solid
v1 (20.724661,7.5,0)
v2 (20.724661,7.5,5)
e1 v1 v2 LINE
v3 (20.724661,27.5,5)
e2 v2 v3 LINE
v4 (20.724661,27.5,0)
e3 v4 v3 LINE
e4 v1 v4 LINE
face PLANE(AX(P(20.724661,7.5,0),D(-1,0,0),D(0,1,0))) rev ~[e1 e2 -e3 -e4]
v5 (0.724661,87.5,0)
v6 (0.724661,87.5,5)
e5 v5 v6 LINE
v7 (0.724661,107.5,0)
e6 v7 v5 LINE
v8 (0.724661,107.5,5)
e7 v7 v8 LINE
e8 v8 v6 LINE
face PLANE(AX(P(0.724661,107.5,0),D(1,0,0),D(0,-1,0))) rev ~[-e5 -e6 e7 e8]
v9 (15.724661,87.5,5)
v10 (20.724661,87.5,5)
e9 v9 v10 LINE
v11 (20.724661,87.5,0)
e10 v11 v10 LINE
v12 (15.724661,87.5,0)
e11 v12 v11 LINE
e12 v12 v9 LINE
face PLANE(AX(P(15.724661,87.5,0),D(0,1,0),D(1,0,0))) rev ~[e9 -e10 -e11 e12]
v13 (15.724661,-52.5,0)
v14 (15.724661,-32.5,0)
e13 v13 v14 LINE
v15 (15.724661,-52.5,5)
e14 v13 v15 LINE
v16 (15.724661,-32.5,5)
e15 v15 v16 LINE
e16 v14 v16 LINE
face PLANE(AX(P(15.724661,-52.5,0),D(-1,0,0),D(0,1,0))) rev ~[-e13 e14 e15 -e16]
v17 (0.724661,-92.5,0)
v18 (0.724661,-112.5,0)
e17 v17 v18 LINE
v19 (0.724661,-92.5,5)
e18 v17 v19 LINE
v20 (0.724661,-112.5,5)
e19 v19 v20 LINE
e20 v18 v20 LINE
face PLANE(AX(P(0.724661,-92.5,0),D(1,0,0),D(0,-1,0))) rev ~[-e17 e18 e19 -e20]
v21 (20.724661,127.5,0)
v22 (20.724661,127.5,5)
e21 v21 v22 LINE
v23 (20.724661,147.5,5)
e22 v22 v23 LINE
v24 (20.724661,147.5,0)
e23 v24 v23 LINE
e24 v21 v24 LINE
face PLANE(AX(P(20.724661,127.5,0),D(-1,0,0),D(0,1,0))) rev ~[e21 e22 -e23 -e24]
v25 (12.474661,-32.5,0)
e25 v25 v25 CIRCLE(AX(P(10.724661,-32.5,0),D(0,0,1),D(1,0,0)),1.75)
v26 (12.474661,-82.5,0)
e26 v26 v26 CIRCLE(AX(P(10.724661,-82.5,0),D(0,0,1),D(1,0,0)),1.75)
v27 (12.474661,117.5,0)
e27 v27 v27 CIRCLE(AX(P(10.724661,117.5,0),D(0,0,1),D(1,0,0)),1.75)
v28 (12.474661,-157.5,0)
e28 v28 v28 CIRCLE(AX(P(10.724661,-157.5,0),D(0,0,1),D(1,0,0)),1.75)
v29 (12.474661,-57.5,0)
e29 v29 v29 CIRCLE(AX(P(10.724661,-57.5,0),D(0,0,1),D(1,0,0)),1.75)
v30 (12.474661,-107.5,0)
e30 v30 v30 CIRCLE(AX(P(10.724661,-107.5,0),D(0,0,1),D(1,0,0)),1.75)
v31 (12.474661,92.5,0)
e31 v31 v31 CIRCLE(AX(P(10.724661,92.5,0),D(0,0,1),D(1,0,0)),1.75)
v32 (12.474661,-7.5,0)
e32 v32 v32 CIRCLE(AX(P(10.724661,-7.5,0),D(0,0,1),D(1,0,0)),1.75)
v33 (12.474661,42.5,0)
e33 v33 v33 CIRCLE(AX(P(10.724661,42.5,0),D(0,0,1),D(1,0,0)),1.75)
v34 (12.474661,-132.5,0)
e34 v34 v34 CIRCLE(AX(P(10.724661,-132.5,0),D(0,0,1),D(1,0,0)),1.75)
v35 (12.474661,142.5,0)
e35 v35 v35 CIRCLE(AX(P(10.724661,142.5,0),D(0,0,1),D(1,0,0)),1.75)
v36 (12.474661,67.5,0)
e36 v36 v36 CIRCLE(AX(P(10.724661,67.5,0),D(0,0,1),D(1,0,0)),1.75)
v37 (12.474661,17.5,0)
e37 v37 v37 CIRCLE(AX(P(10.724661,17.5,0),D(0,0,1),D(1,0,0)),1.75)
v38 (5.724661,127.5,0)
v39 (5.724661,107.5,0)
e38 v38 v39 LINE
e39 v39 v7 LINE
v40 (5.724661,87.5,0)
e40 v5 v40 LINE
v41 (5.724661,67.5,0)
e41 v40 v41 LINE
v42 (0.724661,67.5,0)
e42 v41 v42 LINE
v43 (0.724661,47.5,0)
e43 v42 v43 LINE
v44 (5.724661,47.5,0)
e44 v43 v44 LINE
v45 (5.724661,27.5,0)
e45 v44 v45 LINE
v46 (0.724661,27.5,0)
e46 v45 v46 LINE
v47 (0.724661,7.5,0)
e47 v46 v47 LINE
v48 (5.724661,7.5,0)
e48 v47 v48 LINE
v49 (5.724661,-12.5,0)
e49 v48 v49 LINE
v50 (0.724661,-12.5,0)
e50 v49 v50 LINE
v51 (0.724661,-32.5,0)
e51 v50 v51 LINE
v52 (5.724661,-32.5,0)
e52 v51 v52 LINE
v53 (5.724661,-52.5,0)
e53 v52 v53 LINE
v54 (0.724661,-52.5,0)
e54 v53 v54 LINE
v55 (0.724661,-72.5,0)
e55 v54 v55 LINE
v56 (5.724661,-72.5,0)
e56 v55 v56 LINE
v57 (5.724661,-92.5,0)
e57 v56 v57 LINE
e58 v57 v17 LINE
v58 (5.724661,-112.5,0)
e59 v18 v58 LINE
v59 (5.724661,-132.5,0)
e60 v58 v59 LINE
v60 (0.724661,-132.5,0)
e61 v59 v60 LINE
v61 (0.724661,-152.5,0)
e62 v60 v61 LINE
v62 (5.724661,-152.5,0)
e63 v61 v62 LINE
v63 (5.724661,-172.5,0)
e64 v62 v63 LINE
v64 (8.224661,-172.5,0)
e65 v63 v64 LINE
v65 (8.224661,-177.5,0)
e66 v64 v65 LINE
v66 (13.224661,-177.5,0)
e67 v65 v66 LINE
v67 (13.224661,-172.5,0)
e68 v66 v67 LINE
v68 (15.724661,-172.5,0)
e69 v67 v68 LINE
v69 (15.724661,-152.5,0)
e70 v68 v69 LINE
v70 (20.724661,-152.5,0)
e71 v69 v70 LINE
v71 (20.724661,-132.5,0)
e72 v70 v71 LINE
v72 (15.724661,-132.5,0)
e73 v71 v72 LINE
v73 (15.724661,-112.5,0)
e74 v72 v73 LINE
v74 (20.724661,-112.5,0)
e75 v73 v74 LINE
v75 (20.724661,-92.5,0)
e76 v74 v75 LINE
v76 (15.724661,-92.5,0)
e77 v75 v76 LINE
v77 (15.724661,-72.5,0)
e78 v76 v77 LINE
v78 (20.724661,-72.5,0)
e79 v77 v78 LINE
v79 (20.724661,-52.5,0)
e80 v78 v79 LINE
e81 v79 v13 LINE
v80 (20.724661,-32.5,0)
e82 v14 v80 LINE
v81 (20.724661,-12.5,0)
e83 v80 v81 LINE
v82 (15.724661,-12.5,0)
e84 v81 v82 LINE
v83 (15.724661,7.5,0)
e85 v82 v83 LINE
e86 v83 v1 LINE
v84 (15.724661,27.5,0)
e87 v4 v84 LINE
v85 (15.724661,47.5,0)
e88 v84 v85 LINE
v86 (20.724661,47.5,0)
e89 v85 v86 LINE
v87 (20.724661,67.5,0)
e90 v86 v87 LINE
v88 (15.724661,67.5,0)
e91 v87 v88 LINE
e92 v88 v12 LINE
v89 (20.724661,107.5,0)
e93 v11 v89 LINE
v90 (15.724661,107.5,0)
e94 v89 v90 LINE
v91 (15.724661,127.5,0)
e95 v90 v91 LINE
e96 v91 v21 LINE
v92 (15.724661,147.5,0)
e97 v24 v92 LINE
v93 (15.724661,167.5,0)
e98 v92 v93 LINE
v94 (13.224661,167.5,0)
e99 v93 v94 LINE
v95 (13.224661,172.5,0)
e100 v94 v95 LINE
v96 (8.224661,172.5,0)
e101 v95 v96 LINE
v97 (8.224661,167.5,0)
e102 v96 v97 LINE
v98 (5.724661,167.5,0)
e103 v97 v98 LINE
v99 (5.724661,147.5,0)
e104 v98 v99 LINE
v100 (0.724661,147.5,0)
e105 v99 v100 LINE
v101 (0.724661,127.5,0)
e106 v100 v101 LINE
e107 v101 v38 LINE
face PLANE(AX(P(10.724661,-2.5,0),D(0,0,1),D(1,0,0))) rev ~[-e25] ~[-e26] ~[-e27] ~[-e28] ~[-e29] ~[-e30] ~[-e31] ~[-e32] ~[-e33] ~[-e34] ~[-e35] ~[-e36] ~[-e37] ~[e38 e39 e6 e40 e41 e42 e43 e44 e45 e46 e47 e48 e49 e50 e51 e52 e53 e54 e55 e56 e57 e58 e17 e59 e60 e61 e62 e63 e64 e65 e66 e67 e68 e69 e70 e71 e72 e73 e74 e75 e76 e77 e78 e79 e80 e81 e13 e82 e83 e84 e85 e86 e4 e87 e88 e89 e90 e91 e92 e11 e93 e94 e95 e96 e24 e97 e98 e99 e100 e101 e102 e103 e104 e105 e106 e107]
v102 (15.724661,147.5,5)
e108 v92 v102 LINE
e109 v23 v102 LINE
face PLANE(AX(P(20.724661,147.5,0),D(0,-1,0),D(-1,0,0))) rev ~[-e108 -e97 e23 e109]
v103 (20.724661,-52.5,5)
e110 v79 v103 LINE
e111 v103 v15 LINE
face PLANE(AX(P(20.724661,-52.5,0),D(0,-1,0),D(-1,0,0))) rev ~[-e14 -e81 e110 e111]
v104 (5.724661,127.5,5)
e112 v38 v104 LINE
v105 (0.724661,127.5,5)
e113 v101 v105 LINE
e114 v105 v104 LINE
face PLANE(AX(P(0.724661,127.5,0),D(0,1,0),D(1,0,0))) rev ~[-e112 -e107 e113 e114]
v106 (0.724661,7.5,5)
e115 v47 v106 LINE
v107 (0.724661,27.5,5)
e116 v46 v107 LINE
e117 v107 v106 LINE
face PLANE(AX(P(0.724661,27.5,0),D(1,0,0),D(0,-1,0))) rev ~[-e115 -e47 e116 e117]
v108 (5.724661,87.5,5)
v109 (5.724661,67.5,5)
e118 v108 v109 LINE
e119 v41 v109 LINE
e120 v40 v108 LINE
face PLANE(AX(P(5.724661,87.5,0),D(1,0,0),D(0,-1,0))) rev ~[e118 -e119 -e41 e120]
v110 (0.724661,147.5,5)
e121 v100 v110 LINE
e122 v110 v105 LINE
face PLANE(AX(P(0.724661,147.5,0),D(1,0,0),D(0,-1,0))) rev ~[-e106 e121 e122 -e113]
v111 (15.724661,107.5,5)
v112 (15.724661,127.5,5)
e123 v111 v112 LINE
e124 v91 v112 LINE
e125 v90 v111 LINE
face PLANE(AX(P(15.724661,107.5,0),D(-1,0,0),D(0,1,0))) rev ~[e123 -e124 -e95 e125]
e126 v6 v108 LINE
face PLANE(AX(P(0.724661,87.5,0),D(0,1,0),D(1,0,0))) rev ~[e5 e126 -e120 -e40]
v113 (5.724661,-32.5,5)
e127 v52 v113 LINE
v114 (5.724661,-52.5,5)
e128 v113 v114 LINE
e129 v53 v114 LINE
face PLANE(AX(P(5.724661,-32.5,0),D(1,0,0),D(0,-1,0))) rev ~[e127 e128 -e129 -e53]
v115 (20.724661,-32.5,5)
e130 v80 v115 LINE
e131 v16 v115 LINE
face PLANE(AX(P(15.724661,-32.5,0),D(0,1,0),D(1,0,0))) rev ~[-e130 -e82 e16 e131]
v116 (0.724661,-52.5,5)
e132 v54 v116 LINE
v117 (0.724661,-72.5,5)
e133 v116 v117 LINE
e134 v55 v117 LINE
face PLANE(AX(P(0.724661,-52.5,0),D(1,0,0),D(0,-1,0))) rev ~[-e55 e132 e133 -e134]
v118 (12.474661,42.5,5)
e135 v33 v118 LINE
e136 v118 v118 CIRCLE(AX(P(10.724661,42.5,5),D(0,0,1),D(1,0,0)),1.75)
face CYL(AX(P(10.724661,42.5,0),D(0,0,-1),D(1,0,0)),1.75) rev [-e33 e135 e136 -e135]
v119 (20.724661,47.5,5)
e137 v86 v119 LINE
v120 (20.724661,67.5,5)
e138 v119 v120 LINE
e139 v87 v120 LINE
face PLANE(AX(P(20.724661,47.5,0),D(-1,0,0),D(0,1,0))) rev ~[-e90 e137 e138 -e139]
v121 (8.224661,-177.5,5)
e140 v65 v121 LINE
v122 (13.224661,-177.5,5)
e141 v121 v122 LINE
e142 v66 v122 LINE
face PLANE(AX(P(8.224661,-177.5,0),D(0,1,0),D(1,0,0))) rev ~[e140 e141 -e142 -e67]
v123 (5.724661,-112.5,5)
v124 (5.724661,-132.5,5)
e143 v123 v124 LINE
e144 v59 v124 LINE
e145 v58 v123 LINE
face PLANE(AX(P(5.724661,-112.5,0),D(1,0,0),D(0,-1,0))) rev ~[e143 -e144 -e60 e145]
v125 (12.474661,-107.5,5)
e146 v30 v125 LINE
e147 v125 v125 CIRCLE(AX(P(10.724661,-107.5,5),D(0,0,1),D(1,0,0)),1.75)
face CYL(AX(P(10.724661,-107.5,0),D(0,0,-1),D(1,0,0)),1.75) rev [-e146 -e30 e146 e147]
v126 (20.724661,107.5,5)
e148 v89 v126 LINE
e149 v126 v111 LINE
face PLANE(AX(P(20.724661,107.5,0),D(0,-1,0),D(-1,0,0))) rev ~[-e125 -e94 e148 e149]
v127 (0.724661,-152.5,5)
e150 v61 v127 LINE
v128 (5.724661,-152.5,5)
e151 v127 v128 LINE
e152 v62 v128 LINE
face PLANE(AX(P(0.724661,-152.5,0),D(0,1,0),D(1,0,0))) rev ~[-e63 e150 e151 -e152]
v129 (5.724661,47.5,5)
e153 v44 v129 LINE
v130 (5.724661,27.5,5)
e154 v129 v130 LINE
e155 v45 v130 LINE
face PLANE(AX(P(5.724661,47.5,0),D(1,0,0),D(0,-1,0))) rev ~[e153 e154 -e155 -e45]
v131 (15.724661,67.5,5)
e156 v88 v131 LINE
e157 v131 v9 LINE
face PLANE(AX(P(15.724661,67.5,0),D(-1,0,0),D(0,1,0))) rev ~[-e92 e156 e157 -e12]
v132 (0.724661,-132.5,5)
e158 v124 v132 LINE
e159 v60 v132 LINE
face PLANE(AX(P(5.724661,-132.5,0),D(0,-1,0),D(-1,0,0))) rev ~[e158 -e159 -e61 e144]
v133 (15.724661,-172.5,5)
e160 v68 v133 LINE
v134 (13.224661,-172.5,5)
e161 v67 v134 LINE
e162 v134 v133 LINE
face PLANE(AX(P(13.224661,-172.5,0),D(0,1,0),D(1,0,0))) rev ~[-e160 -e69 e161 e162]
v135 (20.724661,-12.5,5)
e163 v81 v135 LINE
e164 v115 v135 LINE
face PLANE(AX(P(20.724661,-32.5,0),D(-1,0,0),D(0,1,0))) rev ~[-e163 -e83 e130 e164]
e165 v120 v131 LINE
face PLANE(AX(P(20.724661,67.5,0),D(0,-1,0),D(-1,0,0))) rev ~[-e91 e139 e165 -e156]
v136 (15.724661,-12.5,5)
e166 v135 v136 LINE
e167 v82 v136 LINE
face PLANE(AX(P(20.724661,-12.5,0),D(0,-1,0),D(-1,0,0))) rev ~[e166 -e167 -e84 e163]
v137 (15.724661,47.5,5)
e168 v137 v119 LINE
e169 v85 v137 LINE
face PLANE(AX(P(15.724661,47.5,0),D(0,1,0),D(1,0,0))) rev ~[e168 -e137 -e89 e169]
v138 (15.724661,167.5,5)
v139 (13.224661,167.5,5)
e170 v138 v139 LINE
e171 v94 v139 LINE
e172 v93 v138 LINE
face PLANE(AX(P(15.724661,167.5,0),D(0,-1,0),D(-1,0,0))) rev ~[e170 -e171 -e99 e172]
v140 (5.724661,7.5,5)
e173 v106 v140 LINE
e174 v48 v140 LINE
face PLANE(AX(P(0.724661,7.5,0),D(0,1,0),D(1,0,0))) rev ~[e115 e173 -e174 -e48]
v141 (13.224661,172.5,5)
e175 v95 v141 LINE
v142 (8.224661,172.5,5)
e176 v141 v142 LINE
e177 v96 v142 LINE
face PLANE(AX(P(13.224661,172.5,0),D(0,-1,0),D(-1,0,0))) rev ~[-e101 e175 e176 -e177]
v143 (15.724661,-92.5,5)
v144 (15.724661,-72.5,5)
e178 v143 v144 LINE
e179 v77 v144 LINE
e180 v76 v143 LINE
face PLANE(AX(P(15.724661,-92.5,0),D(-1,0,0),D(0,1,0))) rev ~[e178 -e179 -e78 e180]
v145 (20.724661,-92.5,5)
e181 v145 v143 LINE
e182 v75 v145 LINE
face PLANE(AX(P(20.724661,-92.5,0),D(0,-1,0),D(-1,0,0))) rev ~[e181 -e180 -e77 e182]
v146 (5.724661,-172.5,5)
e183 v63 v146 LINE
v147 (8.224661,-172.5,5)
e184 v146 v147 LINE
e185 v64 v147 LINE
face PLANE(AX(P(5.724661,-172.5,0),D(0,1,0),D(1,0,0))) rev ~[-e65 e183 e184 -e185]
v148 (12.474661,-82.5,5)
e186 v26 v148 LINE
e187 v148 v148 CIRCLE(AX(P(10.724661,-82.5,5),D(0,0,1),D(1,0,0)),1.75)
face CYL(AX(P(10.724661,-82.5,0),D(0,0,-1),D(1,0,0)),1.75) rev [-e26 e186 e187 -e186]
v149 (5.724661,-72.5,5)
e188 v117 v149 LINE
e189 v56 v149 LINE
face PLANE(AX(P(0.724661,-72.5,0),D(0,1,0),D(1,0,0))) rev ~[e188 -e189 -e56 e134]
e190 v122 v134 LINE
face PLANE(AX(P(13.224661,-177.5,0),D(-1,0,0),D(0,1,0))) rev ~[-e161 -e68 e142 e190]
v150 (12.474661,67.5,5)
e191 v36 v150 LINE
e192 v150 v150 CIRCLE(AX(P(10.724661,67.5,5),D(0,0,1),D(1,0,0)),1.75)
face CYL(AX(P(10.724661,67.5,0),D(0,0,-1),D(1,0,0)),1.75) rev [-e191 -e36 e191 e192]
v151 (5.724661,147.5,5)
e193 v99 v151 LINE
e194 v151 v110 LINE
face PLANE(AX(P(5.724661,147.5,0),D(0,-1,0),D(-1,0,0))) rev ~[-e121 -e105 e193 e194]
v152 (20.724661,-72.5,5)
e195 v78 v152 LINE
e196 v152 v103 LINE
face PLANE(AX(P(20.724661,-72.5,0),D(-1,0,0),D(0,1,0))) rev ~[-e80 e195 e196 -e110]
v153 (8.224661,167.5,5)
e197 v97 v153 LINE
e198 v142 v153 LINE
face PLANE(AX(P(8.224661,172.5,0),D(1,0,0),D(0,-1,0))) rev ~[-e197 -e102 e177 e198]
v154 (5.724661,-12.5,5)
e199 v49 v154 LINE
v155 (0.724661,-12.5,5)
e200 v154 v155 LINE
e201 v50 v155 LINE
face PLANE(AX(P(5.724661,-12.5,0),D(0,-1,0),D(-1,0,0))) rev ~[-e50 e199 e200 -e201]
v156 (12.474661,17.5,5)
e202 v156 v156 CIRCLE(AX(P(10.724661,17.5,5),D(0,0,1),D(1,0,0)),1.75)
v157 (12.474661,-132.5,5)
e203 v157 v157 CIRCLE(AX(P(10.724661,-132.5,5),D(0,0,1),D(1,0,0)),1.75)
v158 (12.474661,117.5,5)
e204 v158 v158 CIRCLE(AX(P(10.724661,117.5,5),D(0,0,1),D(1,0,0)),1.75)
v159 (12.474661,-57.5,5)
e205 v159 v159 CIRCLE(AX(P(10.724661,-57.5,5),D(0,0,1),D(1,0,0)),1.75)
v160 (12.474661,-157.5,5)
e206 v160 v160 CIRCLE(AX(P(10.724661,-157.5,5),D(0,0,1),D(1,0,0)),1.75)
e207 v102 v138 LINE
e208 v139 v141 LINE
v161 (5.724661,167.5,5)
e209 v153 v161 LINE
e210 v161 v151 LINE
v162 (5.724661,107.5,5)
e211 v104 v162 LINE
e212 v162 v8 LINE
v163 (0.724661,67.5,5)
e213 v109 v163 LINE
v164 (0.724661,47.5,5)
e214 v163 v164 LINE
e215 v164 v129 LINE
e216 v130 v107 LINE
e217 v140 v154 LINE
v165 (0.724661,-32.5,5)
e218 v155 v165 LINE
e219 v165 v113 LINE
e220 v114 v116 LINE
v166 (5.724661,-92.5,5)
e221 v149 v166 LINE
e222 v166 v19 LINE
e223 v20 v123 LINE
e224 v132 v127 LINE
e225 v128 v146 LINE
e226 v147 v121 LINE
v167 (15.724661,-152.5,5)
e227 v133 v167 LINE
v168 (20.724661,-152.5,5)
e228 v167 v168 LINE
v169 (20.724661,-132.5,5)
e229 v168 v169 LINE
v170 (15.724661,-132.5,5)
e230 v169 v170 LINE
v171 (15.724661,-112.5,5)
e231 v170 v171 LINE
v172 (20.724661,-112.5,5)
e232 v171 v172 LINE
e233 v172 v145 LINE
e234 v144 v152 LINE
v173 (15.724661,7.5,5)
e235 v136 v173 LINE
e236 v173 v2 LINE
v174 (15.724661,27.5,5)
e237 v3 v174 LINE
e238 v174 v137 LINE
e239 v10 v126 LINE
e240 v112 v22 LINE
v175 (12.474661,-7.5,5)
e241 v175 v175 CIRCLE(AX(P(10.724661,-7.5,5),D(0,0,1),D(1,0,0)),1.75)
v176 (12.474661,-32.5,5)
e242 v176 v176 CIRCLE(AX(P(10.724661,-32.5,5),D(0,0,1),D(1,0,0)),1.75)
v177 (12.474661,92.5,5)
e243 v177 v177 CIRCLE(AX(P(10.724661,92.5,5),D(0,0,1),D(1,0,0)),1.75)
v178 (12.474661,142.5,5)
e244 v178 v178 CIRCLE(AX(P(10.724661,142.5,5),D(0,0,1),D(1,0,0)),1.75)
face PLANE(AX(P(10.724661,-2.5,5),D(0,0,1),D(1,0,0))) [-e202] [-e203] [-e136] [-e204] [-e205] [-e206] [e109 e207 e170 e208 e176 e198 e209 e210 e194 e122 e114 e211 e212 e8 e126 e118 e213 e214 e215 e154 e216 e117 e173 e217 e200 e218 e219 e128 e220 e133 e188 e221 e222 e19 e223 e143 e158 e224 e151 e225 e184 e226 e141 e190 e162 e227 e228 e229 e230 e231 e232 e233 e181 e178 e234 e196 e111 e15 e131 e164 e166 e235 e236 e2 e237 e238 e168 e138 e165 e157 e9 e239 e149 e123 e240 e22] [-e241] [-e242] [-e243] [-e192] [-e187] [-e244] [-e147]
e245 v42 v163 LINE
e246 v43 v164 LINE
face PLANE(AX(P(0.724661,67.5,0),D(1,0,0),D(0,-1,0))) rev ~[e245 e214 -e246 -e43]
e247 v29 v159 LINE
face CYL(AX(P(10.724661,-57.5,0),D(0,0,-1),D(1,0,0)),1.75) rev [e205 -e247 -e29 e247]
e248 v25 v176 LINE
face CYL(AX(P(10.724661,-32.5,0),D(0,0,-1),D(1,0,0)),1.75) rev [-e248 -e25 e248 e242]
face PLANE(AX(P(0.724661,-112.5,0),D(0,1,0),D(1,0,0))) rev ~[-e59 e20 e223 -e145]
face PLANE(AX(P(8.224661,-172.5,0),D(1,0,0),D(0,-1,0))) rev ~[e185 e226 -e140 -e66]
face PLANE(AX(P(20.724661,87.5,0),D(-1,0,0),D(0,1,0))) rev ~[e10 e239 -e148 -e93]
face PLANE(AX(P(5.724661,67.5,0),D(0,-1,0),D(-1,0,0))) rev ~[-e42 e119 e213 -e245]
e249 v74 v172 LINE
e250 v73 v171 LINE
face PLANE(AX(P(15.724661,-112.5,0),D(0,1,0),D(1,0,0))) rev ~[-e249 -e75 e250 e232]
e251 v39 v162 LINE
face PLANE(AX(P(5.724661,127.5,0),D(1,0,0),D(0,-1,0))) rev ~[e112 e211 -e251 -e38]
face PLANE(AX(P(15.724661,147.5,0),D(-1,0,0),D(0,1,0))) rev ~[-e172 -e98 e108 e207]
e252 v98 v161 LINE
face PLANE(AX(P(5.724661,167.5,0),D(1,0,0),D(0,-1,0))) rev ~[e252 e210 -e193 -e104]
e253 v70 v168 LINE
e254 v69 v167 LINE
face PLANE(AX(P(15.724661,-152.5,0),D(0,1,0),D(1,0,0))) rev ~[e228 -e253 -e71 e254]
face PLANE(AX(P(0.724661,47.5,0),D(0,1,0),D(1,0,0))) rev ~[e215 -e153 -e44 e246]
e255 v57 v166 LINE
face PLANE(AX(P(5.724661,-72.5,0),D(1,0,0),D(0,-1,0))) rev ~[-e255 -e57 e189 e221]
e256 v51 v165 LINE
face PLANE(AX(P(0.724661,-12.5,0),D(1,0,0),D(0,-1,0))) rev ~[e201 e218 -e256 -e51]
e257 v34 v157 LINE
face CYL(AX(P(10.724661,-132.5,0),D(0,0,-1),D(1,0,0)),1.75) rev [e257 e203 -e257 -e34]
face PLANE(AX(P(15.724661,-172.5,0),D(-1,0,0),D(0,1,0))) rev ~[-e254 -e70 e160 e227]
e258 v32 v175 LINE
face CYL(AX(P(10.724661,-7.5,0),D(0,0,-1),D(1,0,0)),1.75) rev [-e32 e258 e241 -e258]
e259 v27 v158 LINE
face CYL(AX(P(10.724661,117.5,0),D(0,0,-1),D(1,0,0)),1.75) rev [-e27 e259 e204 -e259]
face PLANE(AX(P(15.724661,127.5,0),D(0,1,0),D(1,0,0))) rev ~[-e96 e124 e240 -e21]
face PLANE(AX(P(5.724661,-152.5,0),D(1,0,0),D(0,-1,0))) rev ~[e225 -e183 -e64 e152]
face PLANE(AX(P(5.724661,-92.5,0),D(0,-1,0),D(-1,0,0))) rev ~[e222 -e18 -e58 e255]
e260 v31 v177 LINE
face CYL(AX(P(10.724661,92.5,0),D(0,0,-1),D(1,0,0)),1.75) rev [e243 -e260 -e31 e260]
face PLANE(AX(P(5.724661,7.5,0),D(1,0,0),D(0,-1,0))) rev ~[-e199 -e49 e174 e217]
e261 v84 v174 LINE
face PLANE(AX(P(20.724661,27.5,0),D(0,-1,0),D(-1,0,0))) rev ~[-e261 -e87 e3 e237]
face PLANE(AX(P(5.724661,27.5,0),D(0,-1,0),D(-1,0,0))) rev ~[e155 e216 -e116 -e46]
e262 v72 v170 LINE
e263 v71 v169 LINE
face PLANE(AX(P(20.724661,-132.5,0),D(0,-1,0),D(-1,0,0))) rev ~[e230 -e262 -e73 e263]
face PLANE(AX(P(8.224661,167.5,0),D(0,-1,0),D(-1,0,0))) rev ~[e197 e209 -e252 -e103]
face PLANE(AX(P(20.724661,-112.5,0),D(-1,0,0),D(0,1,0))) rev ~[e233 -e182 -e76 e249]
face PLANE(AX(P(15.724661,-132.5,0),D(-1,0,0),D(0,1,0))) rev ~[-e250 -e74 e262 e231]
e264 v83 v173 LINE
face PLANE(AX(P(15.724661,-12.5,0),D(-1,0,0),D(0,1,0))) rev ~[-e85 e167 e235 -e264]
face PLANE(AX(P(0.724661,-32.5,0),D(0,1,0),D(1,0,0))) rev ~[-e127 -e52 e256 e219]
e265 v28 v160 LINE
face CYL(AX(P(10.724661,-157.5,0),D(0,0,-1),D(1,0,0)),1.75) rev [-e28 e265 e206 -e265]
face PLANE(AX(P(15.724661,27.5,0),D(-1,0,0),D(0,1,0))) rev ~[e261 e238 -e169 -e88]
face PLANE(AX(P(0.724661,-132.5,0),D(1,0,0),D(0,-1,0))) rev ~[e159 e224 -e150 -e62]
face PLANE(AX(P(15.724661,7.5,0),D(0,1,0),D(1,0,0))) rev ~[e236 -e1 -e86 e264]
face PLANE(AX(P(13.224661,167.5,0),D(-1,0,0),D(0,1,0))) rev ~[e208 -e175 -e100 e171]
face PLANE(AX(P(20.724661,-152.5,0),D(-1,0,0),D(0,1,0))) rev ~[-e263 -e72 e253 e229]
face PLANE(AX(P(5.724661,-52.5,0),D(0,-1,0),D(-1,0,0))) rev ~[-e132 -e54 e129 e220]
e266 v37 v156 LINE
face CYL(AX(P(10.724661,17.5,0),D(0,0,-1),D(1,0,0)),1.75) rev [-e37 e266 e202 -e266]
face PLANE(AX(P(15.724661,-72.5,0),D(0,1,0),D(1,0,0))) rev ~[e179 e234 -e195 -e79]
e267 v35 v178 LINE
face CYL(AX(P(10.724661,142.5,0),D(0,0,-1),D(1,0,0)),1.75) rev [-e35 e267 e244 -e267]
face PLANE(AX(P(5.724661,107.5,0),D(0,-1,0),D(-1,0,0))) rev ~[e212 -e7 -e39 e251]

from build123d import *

# Parameters (mm, degrees)
MODEL_R             = 1.75
BOSS_EXTRUDE1_DEPTH = 5


with BuildPart() as part:
    # Model → Boss-Extrude1 (new body)
    with BuildSketch(Plane.XY):
        Polygon((8.224660595, 172.5), (8.224660595, 167.5), (5.724660595, 167.5), (5.724660595, 147.5), (0.724660595, 147.5), (0.724660595, 127.5), (5.724660595, 127.5), (5.724660595, 107.5), (0.724660595, 107.5), (0.724660595, 87.5), (5.724660595, 87.5), (5.724660595, 67.5), (0.724660595, 67.5), (0.724660595, 47.5), (5.724660595, 47.5), (5.724660595, 27.5), (0.724660595, 27.5), (0.724660595, 7.5), (5.724660595, 7.5), (5.724660595, -12.5), (0.724660595, -12.5), (0.724660595, -32.5), (5.724660595, -32.5), (5.724660595, -52.5), (0.724660595, -52.5), (0.724660595, -72.5), (5.724660595, -72.5), (5.724660595, -92.5), (0.724660595, -92.5), (0.724660595, -112.5), (5.724660595, -112.5), (5.724660595, -132.5), (0.724660595, -132.5), (0.724660595, -152.5), (5.724660595, -152.5), (5.724660595, -172.5), (8.224660595, -172.5), (8.224660595, -177.5), (13.224660595, -177.5), (13.224660595, -172.5), (15.724660595, -172.5), (15.724660595, -152.5), (20.724660595, -152.5), (20.724660595, -132.5), (15.724660595, -132.5), (15.724660595, -112.5), (20.724660595, -112.5), (20.724660595, -92.5), (15.724660595, -92.5), (15.724660595, -72.5), (20.724660595, -72.5), (20.724660595, -52.5), (15.724660595, -52.5), (15.724660595, -32.5), (20.724660595, -32.5), (20.724660595, -12.5), (15.724660595, -12.5), (15.724660595, 7.5), (20.724660595, 7.5), (20.724660595, 27.5), (15.724660595, 27.5), (15.724660595, 47.5), (20.724660595, 47.5), (20.724660595, 67.5), (15.724660595, 67.5), (15.724660595, 87.5), (20.724660595, 87.5), (20.724660595, 107.5), (15.724660595, 107.5), (15.724660595, 127.5), (20.724660595, 127.5), (20.724660595, 147.5), (15.724660595, 147.5), (15.724660595, 167.5), (13.224660595, 167.5), (13.224660595, 172.5), align=None)
        with Locations((10.724660595, 142.5)):
            Circle(MODEL_R, mode=Mode.SUBTRACT)
        with Locations((10.724660595, 92.5)):
            Circle(MODEL_R, mode=Mode.SUBTRACT)
        with Locations((10.724660595, 42.5)):
            Circle(MODEL_R, mode=Mode.SUBTRACT)
        with Locations((10.724660595, -7.5)):
            Circle(MODEL_R, mode=Mode.SUBTRACT)
        with Locations((10.724660595, -57.5)):
            Circle(MODEL_R, mode=Mode.SUBTRACT)
        with Locations((10.724660595, -107.5)):
            Circle(MODEL_R, mode=Mode.SUBTRACT)
        with Locations((10.724660595, -157.5)):
            Circle(MODEL_R, mode=Mode.SUBTRACT)
        with Locations((10.724660595, -132.5)):
            Circle(MODEL_R, mode=Mode.SUBTRACT)
        with Locations((10.724660595, -82.5)):
            Circle(MODEL_R, mode=Mode.SUBTRACT)
        with Locations((10.724660595, -32.5)):
            Circle(MODEL_R, mode=Mode.SUBTRACT)
        with Locations((10.724660595, 17.5)):
            Circle(MODEL_R, mode=Mode.SUBTRACT)
        with Locations((10.724660595, 67.5)):
            Circle(MODEL_R, mode=Mode.SUBTRACT)
        with Locations((10.724660595, 117.5)):
            Circle(MODEL_R, mode=Mode.SUBTRACT)
    extrude(amount=BOSS_EXTRUDE1_DEPTH)


solid = part.part
